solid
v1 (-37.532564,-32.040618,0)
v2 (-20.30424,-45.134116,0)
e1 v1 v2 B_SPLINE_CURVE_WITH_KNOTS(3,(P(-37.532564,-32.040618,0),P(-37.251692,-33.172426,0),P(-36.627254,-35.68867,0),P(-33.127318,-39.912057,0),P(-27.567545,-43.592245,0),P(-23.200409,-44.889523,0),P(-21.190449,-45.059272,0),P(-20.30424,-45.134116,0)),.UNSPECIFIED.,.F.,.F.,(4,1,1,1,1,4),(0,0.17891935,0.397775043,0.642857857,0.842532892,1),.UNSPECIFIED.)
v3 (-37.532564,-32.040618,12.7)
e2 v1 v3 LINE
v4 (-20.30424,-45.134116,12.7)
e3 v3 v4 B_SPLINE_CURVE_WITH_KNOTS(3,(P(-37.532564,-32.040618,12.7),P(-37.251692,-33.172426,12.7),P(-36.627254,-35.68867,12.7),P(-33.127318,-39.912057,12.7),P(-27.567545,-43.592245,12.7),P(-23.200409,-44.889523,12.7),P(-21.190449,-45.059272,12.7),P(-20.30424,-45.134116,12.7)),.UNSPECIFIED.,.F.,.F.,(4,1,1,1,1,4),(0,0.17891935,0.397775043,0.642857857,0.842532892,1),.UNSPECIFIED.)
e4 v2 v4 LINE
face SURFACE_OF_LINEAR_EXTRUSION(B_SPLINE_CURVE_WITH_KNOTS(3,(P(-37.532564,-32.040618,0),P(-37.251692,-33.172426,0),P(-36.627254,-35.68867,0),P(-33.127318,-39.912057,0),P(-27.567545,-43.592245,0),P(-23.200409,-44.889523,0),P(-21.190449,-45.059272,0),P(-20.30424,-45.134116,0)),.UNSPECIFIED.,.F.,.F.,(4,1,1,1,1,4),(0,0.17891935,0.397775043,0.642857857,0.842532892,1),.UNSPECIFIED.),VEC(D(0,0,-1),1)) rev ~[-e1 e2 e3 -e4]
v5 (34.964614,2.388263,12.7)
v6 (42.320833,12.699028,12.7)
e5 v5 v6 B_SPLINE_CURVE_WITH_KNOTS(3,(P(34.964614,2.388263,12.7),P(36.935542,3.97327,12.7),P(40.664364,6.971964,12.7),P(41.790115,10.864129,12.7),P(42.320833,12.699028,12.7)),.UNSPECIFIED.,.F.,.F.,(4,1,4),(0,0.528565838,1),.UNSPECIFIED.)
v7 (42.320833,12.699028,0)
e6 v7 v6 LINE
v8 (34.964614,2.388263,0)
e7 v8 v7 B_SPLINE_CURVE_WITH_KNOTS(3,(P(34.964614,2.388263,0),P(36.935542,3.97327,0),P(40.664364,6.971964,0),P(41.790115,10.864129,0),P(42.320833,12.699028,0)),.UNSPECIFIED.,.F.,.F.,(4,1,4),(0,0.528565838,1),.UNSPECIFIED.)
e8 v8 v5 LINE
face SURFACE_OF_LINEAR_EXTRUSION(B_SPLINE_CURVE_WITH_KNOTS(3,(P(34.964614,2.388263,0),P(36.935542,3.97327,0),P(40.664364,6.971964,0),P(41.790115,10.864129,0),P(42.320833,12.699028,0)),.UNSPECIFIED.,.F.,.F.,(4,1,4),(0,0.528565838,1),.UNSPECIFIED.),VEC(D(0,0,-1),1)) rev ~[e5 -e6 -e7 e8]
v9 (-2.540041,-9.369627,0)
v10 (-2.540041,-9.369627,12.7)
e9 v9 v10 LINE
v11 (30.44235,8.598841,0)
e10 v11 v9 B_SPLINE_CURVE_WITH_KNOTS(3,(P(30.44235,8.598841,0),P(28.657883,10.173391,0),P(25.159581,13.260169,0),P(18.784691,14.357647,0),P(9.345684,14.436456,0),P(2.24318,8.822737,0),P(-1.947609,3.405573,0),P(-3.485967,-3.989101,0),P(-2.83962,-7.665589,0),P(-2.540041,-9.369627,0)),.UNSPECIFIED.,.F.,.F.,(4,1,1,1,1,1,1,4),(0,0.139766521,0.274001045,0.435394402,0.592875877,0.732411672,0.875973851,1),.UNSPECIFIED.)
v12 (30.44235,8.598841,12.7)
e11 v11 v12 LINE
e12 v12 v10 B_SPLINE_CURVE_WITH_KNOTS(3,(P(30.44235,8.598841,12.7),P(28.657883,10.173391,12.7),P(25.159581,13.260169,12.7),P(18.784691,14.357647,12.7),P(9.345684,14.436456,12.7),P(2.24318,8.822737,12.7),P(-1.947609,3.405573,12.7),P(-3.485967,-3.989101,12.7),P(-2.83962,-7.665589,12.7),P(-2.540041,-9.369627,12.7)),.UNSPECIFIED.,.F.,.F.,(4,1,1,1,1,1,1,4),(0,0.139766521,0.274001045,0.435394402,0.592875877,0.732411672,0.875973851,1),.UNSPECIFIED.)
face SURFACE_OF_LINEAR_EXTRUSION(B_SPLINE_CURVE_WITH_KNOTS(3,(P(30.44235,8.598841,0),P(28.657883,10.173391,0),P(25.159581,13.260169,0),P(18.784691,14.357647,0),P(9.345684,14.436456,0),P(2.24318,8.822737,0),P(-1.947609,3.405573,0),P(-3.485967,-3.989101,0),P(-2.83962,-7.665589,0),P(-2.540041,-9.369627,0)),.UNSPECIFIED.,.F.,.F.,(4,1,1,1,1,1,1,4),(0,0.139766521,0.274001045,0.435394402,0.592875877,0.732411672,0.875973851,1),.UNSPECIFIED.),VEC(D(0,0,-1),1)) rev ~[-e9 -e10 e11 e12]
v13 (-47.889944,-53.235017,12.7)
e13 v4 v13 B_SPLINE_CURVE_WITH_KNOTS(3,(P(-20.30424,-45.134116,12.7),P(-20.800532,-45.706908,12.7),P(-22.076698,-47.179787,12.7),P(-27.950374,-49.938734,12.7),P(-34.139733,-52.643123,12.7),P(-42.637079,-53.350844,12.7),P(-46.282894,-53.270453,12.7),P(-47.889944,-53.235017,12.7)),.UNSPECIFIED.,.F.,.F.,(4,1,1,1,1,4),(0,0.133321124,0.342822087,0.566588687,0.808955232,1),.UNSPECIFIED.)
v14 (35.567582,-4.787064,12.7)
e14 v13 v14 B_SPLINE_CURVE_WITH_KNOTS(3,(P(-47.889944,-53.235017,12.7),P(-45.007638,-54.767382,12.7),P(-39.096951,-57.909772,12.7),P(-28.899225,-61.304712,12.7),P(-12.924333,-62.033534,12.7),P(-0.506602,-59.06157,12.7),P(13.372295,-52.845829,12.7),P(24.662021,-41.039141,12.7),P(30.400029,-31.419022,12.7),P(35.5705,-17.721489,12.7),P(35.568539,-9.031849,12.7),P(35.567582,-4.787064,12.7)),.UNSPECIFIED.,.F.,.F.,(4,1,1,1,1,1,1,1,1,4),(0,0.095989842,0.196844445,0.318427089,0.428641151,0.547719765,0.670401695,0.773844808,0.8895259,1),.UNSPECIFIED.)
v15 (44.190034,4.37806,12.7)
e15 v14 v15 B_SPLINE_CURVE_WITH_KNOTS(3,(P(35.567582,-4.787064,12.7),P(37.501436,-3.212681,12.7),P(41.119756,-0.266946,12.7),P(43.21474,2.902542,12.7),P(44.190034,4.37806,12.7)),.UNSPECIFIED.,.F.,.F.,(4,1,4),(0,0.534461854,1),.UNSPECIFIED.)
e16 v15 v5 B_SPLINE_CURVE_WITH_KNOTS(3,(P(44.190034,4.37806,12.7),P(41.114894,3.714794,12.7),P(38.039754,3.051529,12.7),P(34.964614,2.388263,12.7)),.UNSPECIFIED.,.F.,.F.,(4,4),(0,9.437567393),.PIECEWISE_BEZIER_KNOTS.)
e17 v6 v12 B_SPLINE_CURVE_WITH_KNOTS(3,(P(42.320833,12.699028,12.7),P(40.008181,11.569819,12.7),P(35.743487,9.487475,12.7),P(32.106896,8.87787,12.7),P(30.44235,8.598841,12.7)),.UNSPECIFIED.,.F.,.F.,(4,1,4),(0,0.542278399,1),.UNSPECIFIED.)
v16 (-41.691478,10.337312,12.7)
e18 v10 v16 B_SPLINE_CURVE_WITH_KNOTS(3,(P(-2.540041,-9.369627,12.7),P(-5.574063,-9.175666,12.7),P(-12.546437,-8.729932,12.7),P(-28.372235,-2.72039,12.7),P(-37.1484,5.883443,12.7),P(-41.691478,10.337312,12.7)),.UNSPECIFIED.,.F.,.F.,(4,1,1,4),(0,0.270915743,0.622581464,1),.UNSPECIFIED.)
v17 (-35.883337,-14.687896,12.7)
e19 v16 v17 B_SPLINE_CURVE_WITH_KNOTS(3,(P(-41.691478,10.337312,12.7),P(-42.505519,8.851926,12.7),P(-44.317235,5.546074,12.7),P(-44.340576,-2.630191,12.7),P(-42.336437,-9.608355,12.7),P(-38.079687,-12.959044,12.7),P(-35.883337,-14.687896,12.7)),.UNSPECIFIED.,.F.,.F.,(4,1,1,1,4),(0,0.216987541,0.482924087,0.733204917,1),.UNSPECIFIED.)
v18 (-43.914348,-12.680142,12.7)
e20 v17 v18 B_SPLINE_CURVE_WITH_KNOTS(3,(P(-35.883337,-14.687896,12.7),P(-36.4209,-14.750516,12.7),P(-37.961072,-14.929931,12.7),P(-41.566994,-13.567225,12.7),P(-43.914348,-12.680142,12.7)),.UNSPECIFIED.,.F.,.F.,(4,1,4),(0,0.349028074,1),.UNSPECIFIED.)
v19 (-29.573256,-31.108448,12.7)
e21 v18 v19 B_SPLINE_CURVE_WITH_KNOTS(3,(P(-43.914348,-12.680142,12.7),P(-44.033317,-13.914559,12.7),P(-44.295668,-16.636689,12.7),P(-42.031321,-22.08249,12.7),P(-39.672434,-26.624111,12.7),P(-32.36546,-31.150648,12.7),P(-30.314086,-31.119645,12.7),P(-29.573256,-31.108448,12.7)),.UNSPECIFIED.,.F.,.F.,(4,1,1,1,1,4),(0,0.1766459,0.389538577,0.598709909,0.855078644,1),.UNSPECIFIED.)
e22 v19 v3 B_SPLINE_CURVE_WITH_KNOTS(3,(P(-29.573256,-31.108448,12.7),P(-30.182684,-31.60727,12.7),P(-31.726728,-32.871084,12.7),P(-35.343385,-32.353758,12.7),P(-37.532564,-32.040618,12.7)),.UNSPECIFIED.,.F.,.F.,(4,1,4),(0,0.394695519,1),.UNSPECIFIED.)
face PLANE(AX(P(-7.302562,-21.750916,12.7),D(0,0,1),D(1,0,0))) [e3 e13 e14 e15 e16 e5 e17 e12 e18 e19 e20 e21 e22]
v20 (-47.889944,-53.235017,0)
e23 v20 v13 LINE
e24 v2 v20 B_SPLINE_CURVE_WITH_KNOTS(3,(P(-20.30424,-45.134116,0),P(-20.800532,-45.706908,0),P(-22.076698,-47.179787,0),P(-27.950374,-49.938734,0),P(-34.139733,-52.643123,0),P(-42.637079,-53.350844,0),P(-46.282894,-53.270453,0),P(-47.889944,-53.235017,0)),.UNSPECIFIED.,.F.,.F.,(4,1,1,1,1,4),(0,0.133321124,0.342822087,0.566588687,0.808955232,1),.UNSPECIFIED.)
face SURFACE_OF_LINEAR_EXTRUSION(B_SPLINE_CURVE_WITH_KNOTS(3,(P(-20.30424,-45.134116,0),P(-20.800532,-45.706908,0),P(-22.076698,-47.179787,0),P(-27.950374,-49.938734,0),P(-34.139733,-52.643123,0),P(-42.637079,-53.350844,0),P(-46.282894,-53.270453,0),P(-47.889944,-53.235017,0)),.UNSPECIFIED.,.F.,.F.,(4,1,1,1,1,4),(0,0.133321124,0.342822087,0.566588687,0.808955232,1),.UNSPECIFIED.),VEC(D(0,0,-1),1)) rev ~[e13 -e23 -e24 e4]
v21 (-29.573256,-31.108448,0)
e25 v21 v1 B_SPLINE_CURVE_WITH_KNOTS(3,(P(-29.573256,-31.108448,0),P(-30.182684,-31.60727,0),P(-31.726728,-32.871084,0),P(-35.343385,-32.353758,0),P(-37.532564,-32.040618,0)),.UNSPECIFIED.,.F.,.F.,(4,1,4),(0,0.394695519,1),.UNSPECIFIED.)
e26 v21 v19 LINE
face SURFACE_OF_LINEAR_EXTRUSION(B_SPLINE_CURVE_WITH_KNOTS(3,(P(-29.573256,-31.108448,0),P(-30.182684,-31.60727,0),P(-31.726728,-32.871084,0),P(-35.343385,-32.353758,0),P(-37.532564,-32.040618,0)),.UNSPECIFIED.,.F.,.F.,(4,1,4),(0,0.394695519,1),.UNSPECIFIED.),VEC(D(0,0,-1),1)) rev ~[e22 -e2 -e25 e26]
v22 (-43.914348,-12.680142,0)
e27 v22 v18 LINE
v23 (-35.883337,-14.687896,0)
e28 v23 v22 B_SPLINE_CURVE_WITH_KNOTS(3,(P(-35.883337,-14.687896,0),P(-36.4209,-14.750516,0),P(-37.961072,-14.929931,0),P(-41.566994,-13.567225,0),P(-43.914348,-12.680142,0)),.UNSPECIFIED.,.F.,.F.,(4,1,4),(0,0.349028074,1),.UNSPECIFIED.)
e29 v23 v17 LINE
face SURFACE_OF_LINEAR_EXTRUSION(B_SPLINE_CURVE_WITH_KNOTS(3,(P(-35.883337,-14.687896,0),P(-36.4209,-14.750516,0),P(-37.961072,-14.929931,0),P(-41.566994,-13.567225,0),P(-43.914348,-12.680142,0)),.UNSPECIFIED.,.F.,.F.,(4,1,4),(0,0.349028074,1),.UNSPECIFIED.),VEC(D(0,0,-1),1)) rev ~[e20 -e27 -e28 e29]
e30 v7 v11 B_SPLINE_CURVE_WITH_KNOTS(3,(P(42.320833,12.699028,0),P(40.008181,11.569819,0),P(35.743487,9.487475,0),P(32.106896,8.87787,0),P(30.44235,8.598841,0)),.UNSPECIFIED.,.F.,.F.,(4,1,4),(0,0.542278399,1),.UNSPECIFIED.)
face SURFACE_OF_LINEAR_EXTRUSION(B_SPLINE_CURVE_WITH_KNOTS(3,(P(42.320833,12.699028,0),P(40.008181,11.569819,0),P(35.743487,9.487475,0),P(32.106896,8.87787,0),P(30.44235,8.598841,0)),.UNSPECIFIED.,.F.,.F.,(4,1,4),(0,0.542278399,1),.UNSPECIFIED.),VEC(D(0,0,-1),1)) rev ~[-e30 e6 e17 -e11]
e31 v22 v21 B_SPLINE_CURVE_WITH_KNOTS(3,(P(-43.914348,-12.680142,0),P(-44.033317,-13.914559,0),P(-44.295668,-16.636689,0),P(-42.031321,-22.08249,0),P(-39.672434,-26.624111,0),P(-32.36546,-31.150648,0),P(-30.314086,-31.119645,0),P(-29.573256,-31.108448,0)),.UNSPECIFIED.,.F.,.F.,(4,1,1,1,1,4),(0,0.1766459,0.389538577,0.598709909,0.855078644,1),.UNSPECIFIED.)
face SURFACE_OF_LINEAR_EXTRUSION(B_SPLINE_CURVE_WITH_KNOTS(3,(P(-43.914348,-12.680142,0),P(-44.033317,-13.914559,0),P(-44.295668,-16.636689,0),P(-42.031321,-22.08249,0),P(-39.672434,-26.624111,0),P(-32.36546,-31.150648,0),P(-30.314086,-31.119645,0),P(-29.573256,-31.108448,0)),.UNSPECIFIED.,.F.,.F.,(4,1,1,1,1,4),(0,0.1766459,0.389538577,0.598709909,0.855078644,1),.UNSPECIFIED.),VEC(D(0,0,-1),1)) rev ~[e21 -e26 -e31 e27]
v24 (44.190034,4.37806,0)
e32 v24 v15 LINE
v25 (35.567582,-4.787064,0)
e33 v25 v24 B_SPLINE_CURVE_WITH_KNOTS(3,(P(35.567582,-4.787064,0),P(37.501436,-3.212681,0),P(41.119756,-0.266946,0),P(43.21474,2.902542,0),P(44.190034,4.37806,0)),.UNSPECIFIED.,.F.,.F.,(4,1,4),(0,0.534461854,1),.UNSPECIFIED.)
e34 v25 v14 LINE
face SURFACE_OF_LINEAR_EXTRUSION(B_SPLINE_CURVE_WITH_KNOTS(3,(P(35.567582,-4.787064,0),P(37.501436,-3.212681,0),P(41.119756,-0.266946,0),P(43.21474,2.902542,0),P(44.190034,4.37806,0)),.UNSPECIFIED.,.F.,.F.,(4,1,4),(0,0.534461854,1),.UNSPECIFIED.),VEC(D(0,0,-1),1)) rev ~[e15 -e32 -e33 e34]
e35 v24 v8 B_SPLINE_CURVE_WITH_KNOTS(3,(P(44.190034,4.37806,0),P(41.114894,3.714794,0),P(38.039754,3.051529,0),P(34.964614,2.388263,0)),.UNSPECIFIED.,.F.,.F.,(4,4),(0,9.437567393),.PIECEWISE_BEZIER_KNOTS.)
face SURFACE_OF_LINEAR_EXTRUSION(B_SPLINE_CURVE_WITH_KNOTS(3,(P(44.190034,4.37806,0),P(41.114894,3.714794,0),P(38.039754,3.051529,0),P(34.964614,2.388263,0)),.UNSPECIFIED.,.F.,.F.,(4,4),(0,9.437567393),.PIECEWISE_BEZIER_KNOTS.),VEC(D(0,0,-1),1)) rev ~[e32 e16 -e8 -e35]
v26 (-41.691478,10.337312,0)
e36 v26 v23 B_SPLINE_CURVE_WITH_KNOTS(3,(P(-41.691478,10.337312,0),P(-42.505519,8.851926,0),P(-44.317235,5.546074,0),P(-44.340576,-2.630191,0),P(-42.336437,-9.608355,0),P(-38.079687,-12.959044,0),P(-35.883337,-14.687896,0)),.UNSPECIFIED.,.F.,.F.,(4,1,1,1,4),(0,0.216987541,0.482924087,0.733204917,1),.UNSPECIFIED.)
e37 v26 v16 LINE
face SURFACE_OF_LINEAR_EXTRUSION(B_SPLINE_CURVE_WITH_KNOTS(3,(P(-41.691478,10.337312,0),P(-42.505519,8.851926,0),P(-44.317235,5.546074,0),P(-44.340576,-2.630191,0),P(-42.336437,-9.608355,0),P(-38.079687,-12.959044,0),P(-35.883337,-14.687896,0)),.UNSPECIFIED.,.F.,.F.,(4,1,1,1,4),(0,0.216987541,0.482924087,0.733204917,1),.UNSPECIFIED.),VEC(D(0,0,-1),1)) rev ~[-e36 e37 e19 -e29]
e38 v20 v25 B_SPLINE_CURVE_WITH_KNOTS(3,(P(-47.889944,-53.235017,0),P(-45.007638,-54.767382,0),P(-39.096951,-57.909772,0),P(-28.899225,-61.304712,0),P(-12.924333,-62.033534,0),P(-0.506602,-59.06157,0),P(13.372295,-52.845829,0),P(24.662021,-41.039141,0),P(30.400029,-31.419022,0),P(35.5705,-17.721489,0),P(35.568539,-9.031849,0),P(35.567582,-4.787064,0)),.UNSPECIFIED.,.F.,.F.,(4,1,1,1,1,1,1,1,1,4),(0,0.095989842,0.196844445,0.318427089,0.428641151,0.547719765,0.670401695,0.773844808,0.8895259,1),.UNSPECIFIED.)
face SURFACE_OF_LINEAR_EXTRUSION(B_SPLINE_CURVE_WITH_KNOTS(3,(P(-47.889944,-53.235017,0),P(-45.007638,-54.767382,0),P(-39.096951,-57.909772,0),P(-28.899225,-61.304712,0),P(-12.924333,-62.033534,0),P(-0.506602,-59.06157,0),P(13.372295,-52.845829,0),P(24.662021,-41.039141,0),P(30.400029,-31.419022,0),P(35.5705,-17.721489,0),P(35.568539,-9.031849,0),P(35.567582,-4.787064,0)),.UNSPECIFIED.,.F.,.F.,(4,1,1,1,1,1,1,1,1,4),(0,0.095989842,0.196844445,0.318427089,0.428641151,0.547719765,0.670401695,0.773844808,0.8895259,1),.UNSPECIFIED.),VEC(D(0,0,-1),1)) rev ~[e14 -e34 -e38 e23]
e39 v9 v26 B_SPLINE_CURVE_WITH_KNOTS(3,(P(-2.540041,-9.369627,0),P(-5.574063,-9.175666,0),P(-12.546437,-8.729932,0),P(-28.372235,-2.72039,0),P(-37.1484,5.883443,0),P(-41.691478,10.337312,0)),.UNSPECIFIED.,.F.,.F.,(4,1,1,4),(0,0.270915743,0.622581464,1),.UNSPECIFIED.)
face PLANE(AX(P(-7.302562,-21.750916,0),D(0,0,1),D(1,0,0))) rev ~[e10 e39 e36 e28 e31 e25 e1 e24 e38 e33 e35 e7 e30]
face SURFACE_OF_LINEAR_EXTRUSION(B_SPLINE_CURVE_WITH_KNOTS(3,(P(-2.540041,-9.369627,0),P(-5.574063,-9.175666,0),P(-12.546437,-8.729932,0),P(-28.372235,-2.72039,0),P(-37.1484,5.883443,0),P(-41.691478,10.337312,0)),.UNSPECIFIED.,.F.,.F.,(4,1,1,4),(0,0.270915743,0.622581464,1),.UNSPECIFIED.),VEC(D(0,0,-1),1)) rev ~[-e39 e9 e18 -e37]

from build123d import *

# Parameters (mm, degrees)
F1_DEPTH = 12.7


with BuildPart() as f1:
    # F0 (on Top) → F1 (new body)
    with BuildSketch(Plane.XY):
        with BuildLine():
            add(Edge.make_bspline(
                [(-2.5400405284, -9.3696266413), (-5.574062808, -9.1756657984), (-12.5464373503, -8.729931549), (-28.3722352682, -2.7203895897), (-37.1483996842, 5.8834427328), (-41.6914783418, 10.3373117745)],
                knots=[0, 0, 0, 0, 0.2709157434, 0.622581464, 1, 1, 1, 1], degree=3))
            add(Edge.make_bspline(
                [(-41.6914783418, 10.3373117745), (-42.505518992, 8.8519259104), (-44.3172351616, 5.546074308), (-44.3405760189, -2.630190968), (-42.3364367387, -9.6083553479), (-38.0796874488, -12.9590444507), (-35.8833372593, -14.6878957748)],
                knots=[0, 0, 0, 0, 0.2169875415, 0.4829240867, 0.733204917, 1, 1, 1, 1], degree=3))
            add(Edge.make_bspline(
                [(-35.8833372593, -14.6878957748), (-36.4209003167, -14.7505164323), (-37.9610717162, -14.9299308178), (-41.5669938265, -13.5672252527), (-43.914347887, -12.6801421866)],
                knots=[0, 0, 0, 0, 0.3490280742, 1, 1, 1, 1], degree=3))
            add(Edge.make_bspline(
                [(-43.914347887, -12.6801421866), (-44.0333172296, -13.9145591826), (-44.2956677765, -16.6366888269), (-42.0313214627, -22.0824901941), (-39.6724335866, -26.6241111846), (-32.3654597084, -31.1506483346), (-30.3140863312, -31.1196448412), (-29.5732561499, -31.1084482819)],
                knots=[0, 0, 0, 0, 0.1766458999, 0.3895385774, 0.5987099093, 0.8550786444, 1, 1, 1, 1], degree=3))
            add(Edge.make_bspline(
                [(-29.5732561499, -31.1084482819), (-30.1826835518, -31.6072701259), (-31.7267279414, -32.871084433), (-35.3433853297, -32.3537582293), (-37.5325642526, -32.04061836)],
                knots=[0, 0, 0, 0, 0.3946955191, 1, 1, 1, 1], degree=3))
            add(Edge.make_bspline(
                [(-37.5325642526, -32.04061836), (-37.2516917762, -33.1724259001), (-36.6272536628, -35.6886701902), (-33.1273184662, -39.9120568836), (-27.5675452972, -43.5922454596), (-23.2004085524, -44.889523073), (-21.1904490764, -45.0592721187), (-20.3042402864, -45.1341159642)],
                knots=[0, 0, 0, 0, 0.17891935, 0.397775043, 0.6428578574, 0.8425328919, 1, 1, 1, 1], degree=3))
            add(Edge.make_bspline(
                [(-20.3042402864, -45.1341159642), (-20.8005322609, -45.7069081666), (-22.0766979982, -47.1797866753), (-27.9503744406, -49.9387342726), (-34.1397326871, -52.6431227866), (-42.6370789391, -53.3508439959), (-46.2828937244, -53.270452701), (-47.8899441659, -53.2350167632)],
                knots=[0, 0, 0, 0, 0.1333211239, 0.3428220867, 0.5665886871, 0.8089552315, 1, 1, 1, 1], degree=3))
            add(Edge.make_bspline(
                [(-47.8899441659, -53.2350167632), (-45.0076380537, -54.7673817167), (-39.0969506784, -57.9097718141), (-28.8992245595, -61.3047121203), (-12.9243333585, -62.0335336195), (-0.5066017082, -59.0615703947), (13.3722952505, -52.8458294122), (24.6620206509, -41.0391411385), (30.4000291933, -31.4190219715), (35.570499751, -17.7214887308), (35.568539307, -9.0318489994), (35.5675816536, -4.7870641574)],
                knots=[0, 0, 0, 0, 0.0959898421, 0.1968444453, 0.318427089, 0.4286411515, 0.5477197651, 0.670401695, 0.7738448081, 0.8895258998, 1, 1, 1, 1], degree=3))
            add(Edge.make_bspline(
                [(35.5675816536, -4.7870641574), (37.501435872, -3.2126810796), (41.1197562506, -0.2669459149), (43.2147396042, 2.90254224), (44.1900342703, 4.3780598789)],
                knots=[0, 0, 0, 0, 0.5344618541, 1, 1, 1, 1], degree=3))
            add(Edge.make_bspline(
                [(44.1900342703, 4.3780598789), (41.1148940523, 3.7147942154), (38.0397538344, 3.0515285519), (34.9646136165, 2.3882628884)],
                knots=[0, 0, 0, 0, 9.4375673933, 9.4375673933, 9.4375673933, 9.4375673933], degree=3))
            add(Edge.make_bspline(
                [(34.9646136165, 2.3882628884), (36.9355416489, 3.9732699567), (40.6643638492, 6.9719636922), (41.7901150409, 10.8641288561), (42.3208326101, 12.6990284771)],
                knots=[0, 0, 0, 0, 0.5285658384, 1, 1, 1, 1], degree=3))
            add(Edge.make_bspline(
                [(42.3208326101, 12.6990284771), (40.0081810483, 11.5698187206), (35.7434868157, 9.487475485), (32.1068958505, 8.8778702702), (30.4423496127, 8.5988407955)],
                knots=[0, 0, 0, 0, 0.5422783993, 1, 1, 1, 1], degree=3))
            add(Edge.make_bspline(
                [(30.4423496127, 8.5988407955), (28.6578834713, 10.173390721), (25.1595808445, 13.260169457), (18.7846910448, 14.3576465233), (9.3456835983, 14.4364556123), (2.243179723, 8.8227373677), (-1.9476085861, 3.405573131), (-3.4859673156, -3.9891009385), (-2.8396199959, -7.6655888164), (-2.5400405284, -9.3696266413)],
                knots=[0, 0, 0, 0, 0.1397665212, 0.2740010454, 0.435394402, 0.5928758772, 0.7324116724, 0.8759738515, 1, 1, 1, 1], degree=3))
        make_face()
    extrude(amount=F1_DEPTH)


solid = f1.part
